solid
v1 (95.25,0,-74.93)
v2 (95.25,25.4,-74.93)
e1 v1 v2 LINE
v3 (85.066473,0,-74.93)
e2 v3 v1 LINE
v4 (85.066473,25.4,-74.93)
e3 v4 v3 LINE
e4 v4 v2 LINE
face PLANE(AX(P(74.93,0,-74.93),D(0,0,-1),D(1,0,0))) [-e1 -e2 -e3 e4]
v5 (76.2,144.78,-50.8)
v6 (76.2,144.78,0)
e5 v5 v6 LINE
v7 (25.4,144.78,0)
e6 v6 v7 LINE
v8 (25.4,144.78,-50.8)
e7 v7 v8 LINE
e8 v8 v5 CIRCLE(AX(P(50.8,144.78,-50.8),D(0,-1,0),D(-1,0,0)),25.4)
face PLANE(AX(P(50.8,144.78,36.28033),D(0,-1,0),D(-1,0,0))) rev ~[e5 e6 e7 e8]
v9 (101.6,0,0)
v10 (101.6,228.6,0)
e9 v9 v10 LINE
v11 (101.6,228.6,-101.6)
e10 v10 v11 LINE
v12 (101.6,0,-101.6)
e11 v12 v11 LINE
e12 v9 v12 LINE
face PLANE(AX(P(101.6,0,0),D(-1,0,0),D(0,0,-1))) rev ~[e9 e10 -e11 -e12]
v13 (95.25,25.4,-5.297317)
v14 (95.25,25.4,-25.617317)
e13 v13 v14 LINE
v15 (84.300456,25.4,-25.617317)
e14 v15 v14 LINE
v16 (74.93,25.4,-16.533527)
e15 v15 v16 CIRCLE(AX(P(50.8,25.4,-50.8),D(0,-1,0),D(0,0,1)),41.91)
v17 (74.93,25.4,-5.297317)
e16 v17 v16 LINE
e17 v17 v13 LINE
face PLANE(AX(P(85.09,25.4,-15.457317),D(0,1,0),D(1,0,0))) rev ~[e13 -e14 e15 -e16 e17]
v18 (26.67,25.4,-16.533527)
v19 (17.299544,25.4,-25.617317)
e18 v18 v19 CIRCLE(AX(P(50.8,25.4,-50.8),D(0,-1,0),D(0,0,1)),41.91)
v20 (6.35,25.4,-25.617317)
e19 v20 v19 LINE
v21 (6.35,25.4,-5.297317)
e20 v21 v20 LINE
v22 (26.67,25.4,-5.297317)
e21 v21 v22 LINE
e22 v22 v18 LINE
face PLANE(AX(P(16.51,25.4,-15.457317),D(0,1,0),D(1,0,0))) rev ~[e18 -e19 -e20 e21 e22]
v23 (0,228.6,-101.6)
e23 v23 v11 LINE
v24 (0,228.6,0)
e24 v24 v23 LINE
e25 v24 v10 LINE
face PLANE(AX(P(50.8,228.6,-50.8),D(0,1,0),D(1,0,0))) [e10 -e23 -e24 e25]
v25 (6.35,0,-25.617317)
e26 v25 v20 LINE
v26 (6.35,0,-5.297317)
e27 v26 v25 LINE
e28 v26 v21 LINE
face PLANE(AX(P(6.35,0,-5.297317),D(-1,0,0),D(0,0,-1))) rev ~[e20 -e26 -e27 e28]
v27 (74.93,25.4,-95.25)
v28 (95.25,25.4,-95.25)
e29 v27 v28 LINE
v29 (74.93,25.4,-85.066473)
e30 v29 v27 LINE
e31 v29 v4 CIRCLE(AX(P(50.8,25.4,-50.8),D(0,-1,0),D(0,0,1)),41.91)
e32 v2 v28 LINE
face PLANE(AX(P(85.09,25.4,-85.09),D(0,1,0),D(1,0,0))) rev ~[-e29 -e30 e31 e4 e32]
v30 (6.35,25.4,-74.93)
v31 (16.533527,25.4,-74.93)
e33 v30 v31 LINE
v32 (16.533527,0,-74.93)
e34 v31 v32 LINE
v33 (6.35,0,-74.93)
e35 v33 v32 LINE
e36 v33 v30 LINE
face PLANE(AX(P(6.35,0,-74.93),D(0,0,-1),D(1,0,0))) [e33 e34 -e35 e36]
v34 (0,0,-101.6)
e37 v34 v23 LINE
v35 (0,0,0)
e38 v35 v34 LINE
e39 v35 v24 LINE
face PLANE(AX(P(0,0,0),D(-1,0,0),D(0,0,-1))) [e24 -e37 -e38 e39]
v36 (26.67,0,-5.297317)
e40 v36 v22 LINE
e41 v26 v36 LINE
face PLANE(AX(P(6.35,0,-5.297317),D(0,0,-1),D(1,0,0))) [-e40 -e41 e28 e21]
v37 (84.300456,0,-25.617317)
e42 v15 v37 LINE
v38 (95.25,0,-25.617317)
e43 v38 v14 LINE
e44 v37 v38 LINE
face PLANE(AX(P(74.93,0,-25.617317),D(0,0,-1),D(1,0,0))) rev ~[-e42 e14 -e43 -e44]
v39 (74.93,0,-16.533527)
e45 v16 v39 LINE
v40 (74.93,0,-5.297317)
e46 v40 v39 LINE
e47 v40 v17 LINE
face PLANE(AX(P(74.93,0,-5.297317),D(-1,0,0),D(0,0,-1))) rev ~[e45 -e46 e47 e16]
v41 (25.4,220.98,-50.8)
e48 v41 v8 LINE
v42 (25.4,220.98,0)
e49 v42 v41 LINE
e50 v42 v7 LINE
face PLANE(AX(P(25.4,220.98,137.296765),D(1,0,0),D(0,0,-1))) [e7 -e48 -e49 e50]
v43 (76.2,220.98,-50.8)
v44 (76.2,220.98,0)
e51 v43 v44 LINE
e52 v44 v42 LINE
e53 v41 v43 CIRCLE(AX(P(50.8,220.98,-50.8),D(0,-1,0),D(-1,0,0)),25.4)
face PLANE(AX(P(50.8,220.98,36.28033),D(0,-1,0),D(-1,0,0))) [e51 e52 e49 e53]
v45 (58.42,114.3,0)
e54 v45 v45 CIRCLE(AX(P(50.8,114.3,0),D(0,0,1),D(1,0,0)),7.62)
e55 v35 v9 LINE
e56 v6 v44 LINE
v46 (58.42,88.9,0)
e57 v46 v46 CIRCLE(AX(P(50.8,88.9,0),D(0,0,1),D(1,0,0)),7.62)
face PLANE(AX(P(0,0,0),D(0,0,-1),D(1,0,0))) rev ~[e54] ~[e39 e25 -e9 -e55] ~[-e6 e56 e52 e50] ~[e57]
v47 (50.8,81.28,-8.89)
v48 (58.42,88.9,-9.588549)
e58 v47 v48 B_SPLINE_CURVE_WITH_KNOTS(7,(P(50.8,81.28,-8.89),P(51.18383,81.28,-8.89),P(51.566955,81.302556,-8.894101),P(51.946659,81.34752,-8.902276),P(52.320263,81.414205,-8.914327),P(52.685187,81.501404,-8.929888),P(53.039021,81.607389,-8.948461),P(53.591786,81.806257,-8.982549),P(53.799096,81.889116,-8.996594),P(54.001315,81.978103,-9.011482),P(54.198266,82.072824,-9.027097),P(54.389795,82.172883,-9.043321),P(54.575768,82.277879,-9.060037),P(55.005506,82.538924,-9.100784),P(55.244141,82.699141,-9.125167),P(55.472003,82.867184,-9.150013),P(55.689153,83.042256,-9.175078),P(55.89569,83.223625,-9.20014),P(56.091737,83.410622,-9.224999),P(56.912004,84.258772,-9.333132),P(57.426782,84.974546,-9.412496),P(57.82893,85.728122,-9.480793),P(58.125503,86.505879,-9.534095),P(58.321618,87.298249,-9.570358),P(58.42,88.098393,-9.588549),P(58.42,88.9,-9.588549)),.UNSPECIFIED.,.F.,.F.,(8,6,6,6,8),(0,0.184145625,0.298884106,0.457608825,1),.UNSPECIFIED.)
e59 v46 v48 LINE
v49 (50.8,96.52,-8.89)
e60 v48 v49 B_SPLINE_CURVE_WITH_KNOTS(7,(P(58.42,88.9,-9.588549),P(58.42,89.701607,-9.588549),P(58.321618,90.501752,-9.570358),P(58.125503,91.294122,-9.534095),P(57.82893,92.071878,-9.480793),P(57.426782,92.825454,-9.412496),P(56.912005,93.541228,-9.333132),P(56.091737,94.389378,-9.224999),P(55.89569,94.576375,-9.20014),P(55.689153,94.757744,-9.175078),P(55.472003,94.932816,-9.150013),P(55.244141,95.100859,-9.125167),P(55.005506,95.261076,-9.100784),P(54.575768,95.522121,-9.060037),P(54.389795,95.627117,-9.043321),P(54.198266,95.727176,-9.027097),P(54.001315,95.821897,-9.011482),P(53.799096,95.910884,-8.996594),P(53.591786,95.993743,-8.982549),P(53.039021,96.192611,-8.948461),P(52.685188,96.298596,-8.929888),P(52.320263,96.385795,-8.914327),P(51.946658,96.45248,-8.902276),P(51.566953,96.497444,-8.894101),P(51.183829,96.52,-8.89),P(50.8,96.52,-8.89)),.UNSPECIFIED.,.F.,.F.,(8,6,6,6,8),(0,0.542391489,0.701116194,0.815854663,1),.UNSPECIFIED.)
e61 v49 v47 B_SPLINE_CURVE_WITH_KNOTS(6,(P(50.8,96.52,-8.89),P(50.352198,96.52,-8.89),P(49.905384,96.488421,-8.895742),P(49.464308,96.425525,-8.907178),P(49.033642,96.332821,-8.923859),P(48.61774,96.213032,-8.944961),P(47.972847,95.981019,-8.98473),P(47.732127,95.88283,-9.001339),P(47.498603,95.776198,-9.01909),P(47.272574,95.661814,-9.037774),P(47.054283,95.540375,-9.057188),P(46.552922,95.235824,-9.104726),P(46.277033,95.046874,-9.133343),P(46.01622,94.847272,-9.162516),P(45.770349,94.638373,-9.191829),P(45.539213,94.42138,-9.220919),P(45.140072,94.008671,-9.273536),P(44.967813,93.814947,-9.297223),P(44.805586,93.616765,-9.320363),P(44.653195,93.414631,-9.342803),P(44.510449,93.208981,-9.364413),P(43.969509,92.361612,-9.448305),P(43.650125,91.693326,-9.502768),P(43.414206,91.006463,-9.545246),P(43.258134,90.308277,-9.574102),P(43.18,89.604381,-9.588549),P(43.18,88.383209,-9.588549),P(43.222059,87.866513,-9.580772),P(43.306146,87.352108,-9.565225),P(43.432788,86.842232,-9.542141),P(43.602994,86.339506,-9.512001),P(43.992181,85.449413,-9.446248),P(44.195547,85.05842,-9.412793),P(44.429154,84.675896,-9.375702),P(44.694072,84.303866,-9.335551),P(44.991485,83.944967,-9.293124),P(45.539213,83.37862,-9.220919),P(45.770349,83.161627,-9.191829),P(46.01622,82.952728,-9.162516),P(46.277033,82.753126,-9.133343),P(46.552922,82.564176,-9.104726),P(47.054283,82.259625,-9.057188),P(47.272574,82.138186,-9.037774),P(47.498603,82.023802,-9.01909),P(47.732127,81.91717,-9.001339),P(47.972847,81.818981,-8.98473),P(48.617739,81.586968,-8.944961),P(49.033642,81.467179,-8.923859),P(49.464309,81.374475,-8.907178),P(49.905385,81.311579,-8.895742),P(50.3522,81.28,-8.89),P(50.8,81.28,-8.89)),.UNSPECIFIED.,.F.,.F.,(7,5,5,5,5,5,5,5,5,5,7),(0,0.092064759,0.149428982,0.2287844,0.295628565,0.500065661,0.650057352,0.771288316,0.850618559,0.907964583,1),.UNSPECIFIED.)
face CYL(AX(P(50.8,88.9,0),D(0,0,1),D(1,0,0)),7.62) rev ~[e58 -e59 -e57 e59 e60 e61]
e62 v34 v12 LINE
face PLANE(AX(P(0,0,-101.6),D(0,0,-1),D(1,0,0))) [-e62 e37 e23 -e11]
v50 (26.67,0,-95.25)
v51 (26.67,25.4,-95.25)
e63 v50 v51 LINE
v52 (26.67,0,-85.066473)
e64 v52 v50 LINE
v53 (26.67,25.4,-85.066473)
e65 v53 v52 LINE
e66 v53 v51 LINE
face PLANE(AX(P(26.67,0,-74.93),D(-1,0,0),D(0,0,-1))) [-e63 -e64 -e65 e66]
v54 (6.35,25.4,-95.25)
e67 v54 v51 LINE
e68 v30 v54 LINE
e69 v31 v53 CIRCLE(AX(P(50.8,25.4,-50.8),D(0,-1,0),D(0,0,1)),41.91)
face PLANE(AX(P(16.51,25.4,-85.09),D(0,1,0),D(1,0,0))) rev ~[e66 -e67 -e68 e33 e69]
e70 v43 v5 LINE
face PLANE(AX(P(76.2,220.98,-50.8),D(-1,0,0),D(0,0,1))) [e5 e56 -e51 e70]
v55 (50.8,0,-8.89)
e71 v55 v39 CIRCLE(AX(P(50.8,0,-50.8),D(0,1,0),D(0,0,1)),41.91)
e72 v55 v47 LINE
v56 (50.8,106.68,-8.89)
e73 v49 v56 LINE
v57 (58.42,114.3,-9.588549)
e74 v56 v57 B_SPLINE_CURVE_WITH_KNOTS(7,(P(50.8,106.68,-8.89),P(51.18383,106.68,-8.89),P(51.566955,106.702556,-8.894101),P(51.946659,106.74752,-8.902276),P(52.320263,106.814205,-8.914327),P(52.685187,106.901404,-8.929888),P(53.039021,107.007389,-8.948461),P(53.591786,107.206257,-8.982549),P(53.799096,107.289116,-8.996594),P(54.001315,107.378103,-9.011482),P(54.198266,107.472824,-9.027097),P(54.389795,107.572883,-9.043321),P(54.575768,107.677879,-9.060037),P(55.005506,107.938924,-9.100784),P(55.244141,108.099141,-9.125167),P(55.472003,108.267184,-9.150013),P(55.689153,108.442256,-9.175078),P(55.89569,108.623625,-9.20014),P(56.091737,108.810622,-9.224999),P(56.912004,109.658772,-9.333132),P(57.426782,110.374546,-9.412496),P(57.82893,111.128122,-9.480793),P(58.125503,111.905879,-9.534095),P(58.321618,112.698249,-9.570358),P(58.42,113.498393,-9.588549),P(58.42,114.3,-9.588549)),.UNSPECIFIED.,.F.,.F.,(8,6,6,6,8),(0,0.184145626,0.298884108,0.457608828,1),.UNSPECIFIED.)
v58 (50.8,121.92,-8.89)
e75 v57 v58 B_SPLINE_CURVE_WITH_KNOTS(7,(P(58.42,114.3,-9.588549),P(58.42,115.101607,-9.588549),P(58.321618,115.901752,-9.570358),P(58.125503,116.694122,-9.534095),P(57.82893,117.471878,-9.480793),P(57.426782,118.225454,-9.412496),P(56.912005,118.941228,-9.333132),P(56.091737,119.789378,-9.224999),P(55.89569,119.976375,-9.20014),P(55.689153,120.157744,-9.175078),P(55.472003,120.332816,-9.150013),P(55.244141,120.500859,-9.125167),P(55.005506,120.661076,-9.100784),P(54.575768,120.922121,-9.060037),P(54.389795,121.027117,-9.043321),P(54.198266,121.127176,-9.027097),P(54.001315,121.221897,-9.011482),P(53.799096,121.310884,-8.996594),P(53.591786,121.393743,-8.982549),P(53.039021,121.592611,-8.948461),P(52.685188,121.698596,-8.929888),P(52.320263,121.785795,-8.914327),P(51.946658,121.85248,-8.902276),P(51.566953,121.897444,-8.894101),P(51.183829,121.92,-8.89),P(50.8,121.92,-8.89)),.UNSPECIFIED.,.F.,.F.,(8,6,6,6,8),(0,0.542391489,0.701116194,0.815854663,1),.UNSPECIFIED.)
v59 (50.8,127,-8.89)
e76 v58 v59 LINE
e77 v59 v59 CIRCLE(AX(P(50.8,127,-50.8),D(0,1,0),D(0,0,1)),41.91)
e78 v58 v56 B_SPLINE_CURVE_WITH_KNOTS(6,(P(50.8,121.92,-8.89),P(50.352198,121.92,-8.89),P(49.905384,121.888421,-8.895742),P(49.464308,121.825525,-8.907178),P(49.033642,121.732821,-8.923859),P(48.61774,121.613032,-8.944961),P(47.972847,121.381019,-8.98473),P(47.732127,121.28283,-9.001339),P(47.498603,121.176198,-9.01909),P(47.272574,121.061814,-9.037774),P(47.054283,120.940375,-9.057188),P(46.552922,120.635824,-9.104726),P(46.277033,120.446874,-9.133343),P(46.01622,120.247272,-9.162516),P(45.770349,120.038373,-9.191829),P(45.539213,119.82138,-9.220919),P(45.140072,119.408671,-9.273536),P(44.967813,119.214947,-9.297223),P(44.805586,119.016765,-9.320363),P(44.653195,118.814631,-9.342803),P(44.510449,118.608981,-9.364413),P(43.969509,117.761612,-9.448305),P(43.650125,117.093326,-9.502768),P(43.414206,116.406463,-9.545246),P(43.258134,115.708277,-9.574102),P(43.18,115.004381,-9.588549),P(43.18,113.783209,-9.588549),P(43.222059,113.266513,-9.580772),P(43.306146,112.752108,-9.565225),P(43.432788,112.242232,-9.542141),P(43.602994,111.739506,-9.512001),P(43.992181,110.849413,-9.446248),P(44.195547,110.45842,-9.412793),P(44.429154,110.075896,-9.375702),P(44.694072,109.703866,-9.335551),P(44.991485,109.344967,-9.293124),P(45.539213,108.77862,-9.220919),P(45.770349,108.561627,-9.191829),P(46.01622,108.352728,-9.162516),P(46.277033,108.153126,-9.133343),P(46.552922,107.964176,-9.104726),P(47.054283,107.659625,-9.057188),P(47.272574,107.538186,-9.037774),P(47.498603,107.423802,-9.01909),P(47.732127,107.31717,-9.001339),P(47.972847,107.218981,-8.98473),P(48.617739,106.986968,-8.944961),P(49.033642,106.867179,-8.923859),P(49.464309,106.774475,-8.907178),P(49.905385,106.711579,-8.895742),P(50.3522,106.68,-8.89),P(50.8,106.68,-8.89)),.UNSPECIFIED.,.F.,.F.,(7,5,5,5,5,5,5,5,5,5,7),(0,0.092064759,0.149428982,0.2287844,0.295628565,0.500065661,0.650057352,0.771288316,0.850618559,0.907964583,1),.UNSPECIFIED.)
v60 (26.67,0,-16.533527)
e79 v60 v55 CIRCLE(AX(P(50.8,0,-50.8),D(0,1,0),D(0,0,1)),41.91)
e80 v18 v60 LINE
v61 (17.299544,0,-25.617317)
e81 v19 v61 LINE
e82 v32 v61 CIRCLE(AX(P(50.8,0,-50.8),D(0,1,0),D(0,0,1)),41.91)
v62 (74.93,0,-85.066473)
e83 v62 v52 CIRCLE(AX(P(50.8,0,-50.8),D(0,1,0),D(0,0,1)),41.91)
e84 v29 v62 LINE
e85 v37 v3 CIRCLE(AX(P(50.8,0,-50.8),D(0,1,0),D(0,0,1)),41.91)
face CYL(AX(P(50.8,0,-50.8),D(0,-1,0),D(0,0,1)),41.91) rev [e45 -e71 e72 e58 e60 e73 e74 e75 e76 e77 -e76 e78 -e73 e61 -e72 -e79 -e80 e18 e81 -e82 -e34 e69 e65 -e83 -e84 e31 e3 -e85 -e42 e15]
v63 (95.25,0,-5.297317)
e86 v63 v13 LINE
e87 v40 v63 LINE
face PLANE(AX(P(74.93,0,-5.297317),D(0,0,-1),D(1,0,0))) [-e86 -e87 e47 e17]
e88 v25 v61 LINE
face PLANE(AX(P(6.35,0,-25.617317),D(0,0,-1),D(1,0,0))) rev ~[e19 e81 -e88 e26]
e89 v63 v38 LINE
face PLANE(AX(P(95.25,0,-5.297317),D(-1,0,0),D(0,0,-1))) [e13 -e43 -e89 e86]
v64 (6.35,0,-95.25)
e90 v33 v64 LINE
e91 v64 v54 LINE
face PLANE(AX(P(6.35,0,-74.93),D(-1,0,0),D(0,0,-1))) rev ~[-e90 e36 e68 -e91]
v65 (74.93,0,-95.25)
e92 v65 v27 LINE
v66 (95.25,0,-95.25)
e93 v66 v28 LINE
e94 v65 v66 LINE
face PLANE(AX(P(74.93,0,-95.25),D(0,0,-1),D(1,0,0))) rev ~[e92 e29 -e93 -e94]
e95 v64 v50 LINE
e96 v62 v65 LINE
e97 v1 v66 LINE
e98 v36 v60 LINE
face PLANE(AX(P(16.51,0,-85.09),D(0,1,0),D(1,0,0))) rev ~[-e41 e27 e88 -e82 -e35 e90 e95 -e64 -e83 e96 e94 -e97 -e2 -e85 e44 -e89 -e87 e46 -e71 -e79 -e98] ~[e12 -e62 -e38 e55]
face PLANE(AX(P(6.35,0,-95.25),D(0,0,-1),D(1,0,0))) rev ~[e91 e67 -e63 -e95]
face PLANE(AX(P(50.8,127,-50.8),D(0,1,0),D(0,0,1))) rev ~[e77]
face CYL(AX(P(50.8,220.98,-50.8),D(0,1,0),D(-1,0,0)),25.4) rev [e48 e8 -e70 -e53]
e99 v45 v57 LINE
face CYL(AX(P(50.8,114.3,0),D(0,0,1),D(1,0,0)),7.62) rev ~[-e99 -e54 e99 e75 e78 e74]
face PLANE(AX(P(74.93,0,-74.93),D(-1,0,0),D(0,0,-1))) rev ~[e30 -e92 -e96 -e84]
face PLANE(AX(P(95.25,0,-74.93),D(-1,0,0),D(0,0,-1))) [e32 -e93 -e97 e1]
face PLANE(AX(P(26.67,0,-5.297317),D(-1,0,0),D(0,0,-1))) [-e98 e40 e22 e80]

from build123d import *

# Parameters (mm, degrees)
SKETCH5_W           = 101.6
SKETCH5_H           = 101.6
BOSS_EXTRUDE1_DEPTH = 228.6
SKETCH6_R           = 41.91
CUT_EXTRUDE1_DEPTH  = 127
SKETCH5_3_W         = 20.32
SKETCH5_3_H         = 20.32
CUT_EXTRUDE2_DEPTH  = 25.4
CUT_EXTRUDE3_DEPTH  = 76.2
SKETCH9_R           = 7.62
CUT_EXTRUDE4_DEPTH  = 56.642


with BuildPart() as part:
    # Sketch5 → Boss-Extrude1 (new body)
    with BuildSketch(Plane(origin=(0, 0, 0), x_dir=(1, 0, 0), z_dir=(0, 1, 0))):
        with Locations((50.8, 50.8)):
            Rectangle(SKETCH5_W, SKETCH5_H)
    extrude(amount=BOSS_EXTRUDE1_DEPTH)

    # Sketch6 → Cut-Extrude1 (cut)
    with BuildSketch(Plane(origin=(0, 0, 0), x_dir=(1, 0, 0), z_dir=(0, 1, 0))):
        with Locations((50.8, 50.8)):
            Circle(SKETCH6_R)
    extrude(amount=CUT_EXTRUDE1_DEPTH, mode=Mode.SUBTRACT)

    # Sketch5<3> → Cut-Extrude2 (cut)
    with BuildSketch(Plane(origin=(0, 0, 0), x_dir=(1, 0, 0), z_dir=(0, 1, 0))):
        with Locations((85.09, 15.457317153)):
            Rectangle(SKETCH5_3_W, SKETCH5_3_H)
        with Locations((16.51, 15.457317153)):
            Rectangle(SKETCH5_3_W, SKETCH5_3_H)
        with Locations((85.09, 85.09)):
            Rectangle(SKETCH5_3_W, SKETCH5_3_H)
        with Locations((16.51, 85.09)):
            Rectangle(SKETCH5_3_W, SKETCH5_3_H)
    extrude(amount=CUT_EXTRUDE2_DEPTH, mode=Mode.SUBTRACT)

    # Sketch7 → Cut-Extrude3 (cut)
    with BuildSketch(Plane(origin=(0, 220.98, 0), x_dir=(1, 0, 0), z_dir=(0, 1, 0))):
        with BuildLine():
            Line((76.2, 50.8), (76.2, -137.296764807))
            Line((76.2, -137.296764807), (25.4, -137.296764807))
            Line((25.4, -137.296764807), (25.4, 50.8))
            ThreePointArc((25.4, 50.8), (50.8, 76.2), (76.2, 50.8))
        make_face()
    extrude(amount=-CUT_EXTRUDE3_DEPTH, mode=Mode.SUBTRACT)

    # Sketch9 → Cut-Extrude4 (cut)
    with BuildSketch(Plane.XY):
        with Locations((50.8, 114.3)):
            Circle(SKETCH9_R)
        with Locations((50.8, 88.9)):
            Circle(SKETCH9_R)
    extrude(amount=-CUT_EXTRUDE4_DEPTH, mode=Mode.SUBTRACT)


solid = part.part
